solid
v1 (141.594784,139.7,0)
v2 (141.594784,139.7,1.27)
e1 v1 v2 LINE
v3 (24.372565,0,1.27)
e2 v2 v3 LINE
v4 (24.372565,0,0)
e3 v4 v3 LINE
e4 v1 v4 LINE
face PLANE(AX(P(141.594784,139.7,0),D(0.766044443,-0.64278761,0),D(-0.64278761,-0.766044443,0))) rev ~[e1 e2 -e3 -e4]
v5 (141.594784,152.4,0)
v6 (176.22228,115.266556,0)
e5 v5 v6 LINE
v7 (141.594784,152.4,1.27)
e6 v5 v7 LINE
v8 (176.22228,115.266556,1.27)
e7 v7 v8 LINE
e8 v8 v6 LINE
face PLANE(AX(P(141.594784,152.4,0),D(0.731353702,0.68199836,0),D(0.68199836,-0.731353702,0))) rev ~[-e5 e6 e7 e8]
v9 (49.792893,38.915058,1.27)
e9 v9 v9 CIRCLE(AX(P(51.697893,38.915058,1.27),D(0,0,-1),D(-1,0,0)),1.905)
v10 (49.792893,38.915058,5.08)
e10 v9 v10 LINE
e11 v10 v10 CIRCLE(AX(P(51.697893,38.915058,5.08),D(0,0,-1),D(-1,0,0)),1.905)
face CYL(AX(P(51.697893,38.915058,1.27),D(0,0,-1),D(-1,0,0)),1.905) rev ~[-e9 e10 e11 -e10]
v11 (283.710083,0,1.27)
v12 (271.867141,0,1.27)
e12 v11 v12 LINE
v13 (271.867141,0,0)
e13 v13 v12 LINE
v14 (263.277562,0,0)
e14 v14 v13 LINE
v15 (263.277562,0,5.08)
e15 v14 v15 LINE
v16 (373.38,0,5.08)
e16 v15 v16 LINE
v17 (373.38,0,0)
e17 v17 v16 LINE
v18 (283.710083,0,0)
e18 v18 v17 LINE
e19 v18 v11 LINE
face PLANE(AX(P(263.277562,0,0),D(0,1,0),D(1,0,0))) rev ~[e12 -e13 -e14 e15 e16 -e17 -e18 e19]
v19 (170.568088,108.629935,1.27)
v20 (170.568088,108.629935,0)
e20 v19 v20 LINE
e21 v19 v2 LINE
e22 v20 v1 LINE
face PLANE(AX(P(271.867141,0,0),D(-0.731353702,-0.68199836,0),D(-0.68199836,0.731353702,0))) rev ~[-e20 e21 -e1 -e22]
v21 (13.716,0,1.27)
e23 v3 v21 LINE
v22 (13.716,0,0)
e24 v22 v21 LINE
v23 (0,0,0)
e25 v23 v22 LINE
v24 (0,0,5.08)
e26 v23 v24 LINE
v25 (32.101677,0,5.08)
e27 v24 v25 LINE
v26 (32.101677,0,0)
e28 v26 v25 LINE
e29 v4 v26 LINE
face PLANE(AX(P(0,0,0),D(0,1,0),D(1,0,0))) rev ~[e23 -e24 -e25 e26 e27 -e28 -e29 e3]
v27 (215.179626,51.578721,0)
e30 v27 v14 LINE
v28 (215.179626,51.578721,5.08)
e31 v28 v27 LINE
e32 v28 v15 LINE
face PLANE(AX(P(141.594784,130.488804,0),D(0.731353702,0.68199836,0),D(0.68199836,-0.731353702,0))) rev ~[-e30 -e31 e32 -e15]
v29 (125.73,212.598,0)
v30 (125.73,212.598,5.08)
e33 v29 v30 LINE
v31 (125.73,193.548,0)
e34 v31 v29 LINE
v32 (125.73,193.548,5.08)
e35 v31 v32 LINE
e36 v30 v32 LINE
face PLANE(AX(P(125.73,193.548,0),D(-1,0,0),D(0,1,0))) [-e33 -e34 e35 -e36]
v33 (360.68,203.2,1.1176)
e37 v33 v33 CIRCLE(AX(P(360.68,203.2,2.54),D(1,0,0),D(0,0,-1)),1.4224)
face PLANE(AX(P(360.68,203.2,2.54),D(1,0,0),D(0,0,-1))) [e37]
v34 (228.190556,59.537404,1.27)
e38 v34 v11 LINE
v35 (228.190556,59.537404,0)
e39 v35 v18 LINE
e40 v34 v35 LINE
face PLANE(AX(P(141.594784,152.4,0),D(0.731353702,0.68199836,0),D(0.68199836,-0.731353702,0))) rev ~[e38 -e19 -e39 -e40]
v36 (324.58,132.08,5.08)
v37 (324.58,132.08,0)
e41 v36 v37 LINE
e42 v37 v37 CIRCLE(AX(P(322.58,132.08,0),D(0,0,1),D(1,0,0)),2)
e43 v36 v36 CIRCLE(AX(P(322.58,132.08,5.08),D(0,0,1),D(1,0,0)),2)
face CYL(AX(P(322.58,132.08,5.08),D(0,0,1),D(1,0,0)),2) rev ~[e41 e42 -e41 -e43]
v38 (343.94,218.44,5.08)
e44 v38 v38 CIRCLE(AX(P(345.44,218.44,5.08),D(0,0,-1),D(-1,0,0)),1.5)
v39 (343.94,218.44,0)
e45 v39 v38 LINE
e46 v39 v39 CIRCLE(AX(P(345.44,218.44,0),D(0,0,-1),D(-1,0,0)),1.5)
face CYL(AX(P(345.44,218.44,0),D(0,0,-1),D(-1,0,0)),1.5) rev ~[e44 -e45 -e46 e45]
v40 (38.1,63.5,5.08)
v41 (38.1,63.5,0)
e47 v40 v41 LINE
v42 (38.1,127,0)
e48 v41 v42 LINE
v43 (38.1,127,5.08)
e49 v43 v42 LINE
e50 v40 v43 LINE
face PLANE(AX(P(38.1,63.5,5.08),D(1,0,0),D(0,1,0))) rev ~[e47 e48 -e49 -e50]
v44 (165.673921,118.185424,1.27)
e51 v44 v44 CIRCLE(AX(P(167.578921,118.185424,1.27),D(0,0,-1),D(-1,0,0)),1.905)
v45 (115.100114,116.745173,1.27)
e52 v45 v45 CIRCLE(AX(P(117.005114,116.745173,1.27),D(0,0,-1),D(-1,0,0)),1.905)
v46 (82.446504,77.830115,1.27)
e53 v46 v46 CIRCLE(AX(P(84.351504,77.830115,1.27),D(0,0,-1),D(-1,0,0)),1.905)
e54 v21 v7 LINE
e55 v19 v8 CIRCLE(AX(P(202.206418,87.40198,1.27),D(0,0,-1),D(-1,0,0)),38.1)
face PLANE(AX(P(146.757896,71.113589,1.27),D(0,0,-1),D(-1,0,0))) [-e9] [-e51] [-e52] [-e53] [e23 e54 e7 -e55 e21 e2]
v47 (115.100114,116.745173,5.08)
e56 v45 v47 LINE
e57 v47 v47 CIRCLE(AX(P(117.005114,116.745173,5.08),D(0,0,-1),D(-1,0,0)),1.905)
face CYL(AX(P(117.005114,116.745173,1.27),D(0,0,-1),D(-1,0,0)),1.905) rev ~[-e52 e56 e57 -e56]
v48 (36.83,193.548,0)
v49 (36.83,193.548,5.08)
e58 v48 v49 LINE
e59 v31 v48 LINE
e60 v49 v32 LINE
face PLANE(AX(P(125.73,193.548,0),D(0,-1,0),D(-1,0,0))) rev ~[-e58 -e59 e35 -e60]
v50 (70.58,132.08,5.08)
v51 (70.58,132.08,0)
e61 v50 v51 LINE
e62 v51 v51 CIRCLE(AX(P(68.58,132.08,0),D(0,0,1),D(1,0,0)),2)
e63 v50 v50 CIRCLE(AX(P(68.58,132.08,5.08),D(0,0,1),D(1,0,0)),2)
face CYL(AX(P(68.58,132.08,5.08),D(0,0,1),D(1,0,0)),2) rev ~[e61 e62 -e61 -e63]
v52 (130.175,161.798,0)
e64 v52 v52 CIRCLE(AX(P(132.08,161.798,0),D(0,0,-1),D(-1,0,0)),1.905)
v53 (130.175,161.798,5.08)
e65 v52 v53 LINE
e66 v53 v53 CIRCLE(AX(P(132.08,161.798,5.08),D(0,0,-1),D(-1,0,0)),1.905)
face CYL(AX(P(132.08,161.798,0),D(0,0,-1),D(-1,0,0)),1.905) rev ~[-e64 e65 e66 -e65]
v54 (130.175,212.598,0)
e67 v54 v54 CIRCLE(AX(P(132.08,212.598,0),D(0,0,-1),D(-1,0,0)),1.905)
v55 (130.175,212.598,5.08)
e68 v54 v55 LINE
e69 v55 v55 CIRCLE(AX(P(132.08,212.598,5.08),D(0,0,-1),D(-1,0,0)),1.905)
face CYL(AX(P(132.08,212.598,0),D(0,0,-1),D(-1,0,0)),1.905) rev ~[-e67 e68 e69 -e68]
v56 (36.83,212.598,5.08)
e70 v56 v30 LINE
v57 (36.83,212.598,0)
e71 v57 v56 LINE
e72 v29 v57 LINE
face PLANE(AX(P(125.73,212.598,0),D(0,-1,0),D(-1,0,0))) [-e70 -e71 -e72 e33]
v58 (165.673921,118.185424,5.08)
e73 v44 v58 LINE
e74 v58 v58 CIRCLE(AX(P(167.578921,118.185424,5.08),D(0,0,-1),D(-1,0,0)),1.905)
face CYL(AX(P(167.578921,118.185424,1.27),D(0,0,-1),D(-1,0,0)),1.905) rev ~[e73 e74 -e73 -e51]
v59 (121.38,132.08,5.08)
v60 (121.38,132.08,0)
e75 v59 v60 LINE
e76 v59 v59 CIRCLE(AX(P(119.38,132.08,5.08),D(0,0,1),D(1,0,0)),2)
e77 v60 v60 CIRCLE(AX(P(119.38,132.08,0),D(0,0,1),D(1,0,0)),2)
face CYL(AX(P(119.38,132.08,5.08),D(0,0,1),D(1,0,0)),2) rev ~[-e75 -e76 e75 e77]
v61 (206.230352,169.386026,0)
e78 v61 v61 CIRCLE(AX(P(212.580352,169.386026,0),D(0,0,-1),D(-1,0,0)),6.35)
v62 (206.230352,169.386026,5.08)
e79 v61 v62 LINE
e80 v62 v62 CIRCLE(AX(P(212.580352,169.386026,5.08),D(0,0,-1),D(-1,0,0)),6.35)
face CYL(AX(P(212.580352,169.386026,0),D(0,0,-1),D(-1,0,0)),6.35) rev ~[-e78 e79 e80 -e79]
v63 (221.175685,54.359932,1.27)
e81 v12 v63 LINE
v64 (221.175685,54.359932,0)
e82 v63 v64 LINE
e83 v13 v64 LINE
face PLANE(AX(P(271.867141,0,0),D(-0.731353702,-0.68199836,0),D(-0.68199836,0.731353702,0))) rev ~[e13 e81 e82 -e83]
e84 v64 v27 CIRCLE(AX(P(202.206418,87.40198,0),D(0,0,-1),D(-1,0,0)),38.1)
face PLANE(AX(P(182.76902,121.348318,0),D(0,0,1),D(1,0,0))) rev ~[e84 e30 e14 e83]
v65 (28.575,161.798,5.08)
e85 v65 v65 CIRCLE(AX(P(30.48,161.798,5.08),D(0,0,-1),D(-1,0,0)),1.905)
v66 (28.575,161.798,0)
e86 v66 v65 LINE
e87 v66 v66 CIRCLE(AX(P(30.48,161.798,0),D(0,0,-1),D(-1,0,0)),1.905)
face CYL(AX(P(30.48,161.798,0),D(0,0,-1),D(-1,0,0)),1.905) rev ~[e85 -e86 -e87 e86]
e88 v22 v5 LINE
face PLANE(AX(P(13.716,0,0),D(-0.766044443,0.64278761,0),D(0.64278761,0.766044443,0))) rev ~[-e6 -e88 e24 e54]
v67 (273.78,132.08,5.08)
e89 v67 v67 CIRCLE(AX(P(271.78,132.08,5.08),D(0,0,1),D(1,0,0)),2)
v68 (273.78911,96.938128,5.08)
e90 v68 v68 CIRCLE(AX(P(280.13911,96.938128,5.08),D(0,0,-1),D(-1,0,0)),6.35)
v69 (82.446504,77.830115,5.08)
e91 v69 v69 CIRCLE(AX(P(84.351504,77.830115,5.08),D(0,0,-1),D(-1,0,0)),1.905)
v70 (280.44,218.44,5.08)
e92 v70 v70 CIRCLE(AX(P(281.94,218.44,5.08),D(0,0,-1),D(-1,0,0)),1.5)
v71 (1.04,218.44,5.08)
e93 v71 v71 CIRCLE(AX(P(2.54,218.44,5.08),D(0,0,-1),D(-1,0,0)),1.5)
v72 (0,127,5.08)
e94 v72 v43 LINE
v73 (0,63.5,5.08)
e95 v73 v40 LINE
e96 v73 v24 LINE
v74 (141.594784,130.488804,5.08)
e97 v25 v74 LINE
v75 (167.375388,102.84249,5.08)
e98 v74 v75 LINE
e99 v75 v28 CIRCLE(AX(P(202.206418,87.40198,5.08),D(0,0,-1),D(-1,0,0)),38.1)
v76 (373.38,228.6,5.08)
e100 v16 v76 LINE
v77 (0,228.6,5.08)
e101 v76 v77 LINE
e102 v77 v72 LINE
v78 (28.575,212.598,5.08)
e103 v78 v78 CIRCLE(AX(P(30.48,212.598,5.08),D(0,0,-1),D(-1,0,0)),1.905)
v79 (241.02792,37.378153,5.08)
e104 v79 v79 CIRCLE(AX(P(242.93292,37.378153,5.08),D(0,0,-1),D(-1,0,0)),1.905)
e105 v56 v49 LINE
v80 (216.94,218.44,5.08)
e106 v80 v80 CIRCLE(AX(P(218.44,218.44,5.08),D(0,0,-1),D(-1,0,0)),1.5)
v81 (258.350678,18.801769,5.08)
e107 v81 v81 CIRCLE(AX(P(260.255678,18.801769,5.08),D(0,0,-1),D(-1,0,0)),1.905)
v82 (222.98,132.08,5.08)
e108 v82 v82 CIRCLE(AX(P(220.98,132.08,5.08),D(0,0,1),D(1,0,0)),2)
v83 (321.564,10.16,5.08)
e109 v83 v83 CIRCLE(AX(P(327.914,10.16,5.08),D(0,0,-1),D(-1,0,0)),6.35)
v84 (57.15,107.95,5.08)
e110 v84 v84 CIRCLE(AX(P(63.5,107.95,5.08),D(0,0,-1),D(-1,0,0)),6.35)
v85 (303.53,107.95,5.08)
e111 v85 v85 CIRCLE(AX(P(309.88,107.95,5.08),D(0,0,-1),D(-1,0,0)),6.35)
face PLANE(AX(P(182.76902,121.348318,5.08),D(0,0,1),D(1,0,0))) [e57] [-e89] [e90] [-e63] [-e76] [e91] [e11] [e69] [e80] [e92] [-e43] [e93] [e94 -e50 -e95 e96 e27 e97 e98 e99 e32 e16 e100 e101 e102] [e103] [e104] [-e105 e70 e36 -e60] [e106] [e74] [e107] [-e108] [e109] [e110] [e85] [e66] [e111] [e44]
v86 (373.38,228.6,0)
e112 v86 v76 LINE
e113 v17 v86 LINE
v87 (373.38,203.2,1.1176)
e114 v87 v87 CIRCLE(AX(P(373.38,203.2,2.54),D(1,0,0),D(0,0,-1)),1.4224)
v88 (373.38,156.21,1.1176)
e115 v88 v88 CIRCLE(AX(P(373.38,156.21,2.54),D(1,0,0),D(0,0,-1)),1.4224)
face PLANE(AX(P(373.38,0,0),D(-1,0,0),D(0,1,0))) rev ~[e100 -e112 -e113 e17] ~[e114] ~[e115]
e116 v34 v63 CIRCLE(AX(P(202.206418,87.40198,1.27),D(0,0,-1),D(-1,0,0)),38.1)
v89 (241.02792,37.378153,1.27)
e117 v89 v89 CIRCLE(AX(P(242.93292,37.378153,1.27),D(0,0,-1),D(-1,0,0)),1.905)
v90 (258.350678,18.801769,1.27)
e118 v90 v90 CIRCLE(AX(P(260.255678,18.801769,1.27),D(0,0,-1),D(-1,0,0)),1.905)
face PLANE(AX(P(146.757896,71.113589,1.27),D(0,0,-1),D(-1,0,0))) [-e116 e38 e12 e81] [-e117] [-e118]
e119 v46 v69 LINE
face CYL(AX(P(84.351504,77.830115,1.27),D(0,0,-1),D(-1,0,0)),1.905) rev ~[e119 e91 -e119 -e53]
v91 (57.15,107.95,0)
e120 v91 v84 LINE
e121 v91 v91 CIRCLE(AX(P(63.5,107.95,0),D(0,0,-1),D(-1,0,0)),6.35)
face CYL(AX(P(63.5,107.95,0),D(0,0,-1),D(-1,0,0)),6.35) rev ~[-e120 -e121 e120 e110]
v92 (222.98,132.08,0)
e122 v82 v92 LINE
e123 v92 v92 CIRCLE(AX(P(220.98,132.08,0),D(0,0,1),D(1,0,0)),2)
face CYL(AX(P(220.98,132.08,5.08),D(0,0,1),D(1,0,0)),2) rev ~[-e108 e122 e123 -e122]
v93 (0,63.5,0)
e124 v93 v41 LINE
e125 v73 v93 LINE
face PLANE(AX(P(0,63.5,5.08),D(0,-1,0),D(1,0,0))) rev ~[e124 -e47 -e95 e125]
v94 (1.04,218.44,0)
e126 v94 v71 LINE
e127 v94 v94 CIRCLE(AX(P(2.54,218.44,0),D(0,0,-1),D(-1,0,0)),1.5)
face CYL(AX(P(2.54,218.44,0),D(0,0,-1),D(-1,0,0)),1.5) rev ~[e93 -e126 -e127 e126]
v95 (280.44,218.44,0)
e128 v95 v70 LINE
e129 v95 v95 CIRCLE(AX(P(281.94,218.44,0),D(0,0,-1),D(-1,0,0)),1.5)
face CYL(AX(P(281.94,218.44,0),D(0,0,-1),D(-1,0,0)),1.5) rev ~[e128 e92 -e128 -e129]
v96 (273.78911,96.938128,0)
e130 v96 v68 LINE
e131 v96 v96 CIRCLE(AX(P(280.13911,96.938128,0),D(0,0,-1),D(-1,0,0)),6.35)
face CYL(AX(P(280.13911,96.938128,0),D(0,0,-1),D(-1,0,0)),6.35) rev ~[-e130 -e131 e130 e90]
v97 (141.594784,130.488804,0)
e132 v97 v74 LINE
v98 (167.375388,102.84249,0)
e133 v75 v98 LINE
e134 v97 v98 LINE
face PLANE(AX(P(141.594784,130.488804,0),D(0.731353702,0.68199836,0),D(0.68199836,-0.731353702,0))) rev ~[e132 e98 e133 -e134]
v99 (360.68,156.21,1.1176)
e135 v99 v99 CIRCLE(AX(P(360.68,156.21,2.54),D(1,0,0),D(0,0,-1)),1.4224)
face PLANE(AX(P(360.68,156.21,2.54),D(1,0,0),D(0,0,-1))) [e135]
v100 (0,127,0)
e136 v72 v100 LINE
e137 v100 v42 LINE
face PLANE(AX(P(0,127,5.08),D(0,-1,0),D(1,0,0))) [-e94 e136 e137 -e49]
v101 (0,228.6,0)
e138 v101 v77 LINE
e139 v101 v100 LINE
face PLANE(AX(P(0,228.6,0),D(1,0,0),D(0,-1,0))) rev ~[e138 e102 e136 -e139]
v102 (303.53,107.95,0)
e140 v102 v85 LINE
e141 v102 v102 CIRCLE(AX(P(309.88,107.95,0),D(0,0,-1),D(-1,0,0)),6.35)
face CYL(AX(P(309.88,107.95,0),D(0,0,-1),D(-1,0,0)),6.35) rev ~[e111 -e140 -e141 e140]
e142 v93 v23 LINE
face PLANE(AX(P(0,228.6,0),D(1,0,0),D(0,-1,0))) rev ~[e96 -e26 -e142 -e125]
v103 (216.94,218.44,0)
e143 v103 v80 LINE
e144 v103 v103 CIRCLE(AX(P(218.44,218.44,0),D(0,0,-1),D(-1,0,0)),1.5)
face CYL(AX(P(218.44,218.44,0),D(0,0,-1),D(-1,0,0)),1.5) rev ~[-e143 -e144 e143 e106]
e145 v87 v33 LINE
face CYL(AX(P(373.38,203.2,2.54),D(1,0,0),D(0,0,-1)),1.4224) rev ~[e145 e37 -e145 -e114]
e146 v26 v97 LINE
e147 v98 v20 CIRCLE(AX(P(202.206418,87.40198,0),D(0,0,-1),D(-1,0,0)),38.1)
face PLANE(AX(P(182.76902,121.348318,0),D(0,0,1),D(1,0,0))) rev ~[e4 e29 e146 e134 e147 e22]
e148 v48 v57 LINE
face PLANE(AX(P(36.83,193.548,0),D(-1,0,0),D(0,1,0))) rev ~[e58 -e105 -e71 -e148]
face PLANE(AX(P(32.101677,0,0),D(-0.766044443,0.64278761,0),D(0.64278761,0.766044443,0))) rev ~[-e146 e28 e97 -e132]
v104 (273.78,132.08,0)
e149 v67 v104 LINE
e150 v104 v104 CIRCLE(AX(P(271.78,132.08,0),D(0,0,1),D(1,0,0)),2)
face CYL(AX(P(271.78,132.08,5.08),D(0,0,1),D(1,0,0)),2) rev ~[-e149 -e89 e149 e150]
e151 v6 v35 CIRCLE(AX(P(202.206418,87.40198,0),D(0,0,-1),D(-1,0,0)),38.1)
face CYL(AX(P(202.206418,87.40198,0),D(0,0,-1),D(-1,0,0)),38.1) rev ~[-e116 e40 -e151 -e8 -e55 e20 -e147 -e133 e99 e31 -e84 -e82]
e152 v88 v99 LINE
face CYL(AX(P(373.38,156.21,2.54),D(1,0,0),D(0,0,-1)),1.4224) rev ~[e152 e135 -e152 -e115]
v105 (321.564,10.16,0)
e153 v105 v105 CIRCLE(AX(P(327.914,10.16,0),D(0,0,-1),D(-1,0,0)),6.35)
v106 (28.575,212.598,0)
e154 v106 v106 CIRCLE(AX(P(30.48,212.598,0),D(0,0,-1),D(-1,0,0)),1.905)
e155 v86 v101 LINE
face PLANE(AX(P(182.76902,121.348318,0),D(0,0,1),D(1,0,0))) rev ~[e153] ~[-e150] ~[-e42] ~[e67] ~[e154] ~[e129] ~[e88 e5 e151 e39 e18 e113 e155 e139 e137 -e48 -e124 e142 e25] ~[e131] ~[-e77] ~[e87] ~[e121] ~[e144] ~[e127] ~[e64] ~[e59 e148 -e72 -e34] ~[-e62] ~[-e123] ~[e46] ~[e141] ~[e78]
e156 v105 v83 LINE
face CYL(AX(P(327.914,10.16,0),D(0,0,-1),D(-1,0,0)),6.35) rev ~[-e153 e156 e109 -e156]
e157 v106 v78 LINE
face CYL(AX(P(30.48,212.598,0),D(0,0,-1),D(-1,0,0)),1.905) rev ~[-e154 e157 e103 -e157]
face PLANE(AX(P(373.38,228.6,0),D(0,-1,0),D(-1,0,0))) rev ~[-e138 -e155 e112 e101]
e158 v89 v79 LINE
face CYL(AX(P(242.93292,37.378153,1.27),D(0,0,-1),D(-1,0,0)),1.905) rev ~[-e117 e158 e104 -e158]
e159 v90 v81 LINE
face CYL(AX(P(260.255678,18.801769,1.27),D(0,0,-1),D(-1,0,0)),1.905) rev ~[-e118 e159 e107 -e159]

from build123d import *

# Parameters (mm, degrees)
BOSS_EXTRUDE1_DEPTH = 5.08
CUT_EXTRUDE2_DEPTH  = 1.27
SKETCH5_W           = 38.1
SKETCH5_H           = 63.5
CUT_EXTRUDE3_DEPTH  = 7.62
SKETCH6_R           = 1.905
CUT_EXTRUDE4_DEPTH  = 7.62
SKETCH7_R           = 38.1
CUT_EXTRUDE5_DEPTH  = 7.62
SKETCH8_R           = 1.905
SKETCH8_W           = 88.9
SKETCH8_H           = 19.05
CUT_EXTRUDE6_DEPTH  = 7.62
SKETCH9_R           = 6.35
CUT_EXTRUDE7_DEPTH  = 7.62
SKETCH10_R          = 6.35
CUT_EXTRUDE8_DEPTH  = 7.62
SKETCH11_R          = 1.5
CUT_EXTRUDE9_DEPTH  = 25.4
SKETCH12_R          = 2
CUT_EXTRUDE10_DEPTH = 381
SKETCH13_R          = 1.4224
CUT_EXTRUDE11_DEPTH = 12.7


with BuildPart() as part:
    # Sketch2 → Boss-Extrude1 (new body)
    with BuildSketch(Plane.XY):
        Polygon((0, 0), (32.101676515, 0), (141.594783791, 130.488803961), (263.277562057, 0), (373.38, 0), (373.38, 228.6), (0, 228.6), align=None)
    extrude(amount=BOSS_EXTRUDE1_DEPTH)

    # Sketch4 → Cut-Extrude2 (cut)
    with BuildSketch(Plane(origin=(0, 0, 0), x_dir=(-1, 0, 0), z_dir=(0, 0, -1))):
        Polygon((-283.710082919, 0), (-271.867141325, 0), (-141.594783791, 139.7), (-24.372565316, 0), (-13.716, 0), (-141.594783791, 152.4), align=None)
    extrude(amount=-CUT_EXTRUDE2_DEPTH, mode=Mode.SUBTRACT)

    # Sketch5 → Cut-Extrude3 (cut)
    with BuildSketch(Plane.XY.offset(5.08)):
        with Locations((19.05, 95.25)):
            Rectangle(SKETCH5_W, SKETCH5_H)
    extrude(amount=-CUT_EXTRUDE3_DEPTH, mode=Mode.SUBTRACT)

    # Sketch6 → Cut-Extrude4 (cut)
    with BuildSketch(Plane(origin=(0, 0, 1.27), x_dir=(-1, 0, 0), z_dir=(0, 0, -1))):
        with Locations((-51.69789323, 38.91505771)):
            Circle(SKETCH6_R)
        with Locations((-84.351503802, 77.830115421)):
            Circle(SKETCH6_R)
        with Locations((-117.005114374, 116.745173131)):
            Circle(SKETCH6_R)
        with Locations((-167.57892131, 118.185423968)):
            Circle(SKETCH6_R)
        with Locations((-242.932920113, 37.378153476)):
            Circle(SKETCH6_R)
        with Locations((-260.255678459, 18.801769455)):
            Circle(SKETCH6_R)
    extrude(amount=-CUT_EXTRUDE4_DEPTH, mode=Mode.SUBTRACT)

    # Sketch7 → Cut-Extrude5 (cut)
    with BuildSketch(Plane(origin=(0, 0, 0), x_dir=(-1, 0, 0), z_dir=(0, 0, -1))):
        with Locations((-202.206417984, 87.401980028)):
            Circle(SKETCH7_R)
    extrude(amount=-CUT_EXTRUDE5_DEPTH, mode=Mode.SUBTRACT)

    # Sketch8 → Cut-Extrude6 (cut)
    with BuildSketch(Plane(origin=(0, 0, 0), x_dir=(-1, 0, 0), z_dir=(0, 0, -1))):
        with Locations((-132.08, 212.598)):
            Circle(SKETCH8_R)
        with Locations((-30.48, 212.598)):
            Circle(SKETCH8_R)
        with Locations((-132.08, 161.798)):
            Circle(SKETCH8_R)
        with Locations((-30.48, 161.798)):
            Circle(SKETCH8_R)
        with Locations((-81.28, 203.073)):
            Rectangle(SKETCH8_W, SKETCH8_H)
    extrude(amount=-CUT_EXTRUDE6_DEPTH, mode=Mode.SUBTRACT)

    # Sketch9 → Cut-Extrude7 (cut)
    with BuildSketch(Plane(origin=(0, 0, 0), x_dir=(-1, 0, 0), z_dir=(0, 0, -1))):
        with Locations((-327.914, 10.16)):
            Circle(SKETCH9_R)
        with Locations((-280.139109994, 96.938127918)):
            Circle(SKETCH9_R)
        with Locations((-212.580352446, 169.3860256)):
            Circle(SKETCH9_R)
    extrude(amount=-CUT_EXTRUDE7_DEPTH, mode=Mode.SUBTRACT)

    # Sketch10 → Cut-Extrude8 (cut)
    with BuildSketch(Plane(origin=(0, 0, 0), x_dir=(-1, 0, 0), z_dir=(0, 0, -1))):
        with Locations((-309.88, 107.95)):
            Circle(SKETCH10_R)
        with Locations((-63.5, 107.95)):
            Circle(SKETCH10_R)
    extrude(amount=-CUT_EXTRUDE8_DEPTH, mode=Mode.SUBTRACT)

    # Sketch11 → Cut-Extrude9 (cut)
    with BuildSketch(Plane(origin=(0, 0, 0), x_dir=(-1, 0, 0), z_dir=(0, 0, -1))):
        with Locations((-345.44, 218.44)):
            Circle(SKETCH11_R)
        with Locations((-281.94, 218.44)):
            Circle(SKETCH11_R)
        with Locations((-218.44, 218.44)):
            Circle(SKETCH11_R)
        with Locations((-2.54, 218.44)):
            Circle(SKETCH11_R)
    extrude(amount=-CUT_EXTRUDE9_DEPTH, mode=Mode.SUBTRACT)

    # Sketch12 → Cut-Extrude10 (cut)
    with BuildSketch(Plane.XY.offset(5.08)):
        with Locations((322.58, 132.08)):
            Circle(SKETCH12_R)
        with Locations((271.78, 132.08)):
            Circle(SKETCH12_R)
        with Locations((220.98, 132.08)):
            Circle(SKETCH12_R)
        with Locations((119.38, 132.08)):
            Circle(SKETCH12_R)
        with Locations((68.58, 132.08)):
            Circle(SKETCH12_R)
    extrude(amount=-CUT_EXTRUDE10_DEPTH, mode=Mode.SUBTRACT)

    # Sketch13 → Cut-Extrude11 (cut)
    with BuildSketch(Plane(origin=(373.38, 0, 0), x_dir=(0, 0, -1), z_dir=(1, 0, 0))):
        with Locations((-2.54, 203.2)):
            Circle(SKETCH13_R)
        with Locations((-2.54, 156.21)):
            Circle(SKETCH13_R)
    extrude(amount=-CUT_EXTRUDE11_DEPTH, mode=Mode.SUBTRACT)


solid = part.part
